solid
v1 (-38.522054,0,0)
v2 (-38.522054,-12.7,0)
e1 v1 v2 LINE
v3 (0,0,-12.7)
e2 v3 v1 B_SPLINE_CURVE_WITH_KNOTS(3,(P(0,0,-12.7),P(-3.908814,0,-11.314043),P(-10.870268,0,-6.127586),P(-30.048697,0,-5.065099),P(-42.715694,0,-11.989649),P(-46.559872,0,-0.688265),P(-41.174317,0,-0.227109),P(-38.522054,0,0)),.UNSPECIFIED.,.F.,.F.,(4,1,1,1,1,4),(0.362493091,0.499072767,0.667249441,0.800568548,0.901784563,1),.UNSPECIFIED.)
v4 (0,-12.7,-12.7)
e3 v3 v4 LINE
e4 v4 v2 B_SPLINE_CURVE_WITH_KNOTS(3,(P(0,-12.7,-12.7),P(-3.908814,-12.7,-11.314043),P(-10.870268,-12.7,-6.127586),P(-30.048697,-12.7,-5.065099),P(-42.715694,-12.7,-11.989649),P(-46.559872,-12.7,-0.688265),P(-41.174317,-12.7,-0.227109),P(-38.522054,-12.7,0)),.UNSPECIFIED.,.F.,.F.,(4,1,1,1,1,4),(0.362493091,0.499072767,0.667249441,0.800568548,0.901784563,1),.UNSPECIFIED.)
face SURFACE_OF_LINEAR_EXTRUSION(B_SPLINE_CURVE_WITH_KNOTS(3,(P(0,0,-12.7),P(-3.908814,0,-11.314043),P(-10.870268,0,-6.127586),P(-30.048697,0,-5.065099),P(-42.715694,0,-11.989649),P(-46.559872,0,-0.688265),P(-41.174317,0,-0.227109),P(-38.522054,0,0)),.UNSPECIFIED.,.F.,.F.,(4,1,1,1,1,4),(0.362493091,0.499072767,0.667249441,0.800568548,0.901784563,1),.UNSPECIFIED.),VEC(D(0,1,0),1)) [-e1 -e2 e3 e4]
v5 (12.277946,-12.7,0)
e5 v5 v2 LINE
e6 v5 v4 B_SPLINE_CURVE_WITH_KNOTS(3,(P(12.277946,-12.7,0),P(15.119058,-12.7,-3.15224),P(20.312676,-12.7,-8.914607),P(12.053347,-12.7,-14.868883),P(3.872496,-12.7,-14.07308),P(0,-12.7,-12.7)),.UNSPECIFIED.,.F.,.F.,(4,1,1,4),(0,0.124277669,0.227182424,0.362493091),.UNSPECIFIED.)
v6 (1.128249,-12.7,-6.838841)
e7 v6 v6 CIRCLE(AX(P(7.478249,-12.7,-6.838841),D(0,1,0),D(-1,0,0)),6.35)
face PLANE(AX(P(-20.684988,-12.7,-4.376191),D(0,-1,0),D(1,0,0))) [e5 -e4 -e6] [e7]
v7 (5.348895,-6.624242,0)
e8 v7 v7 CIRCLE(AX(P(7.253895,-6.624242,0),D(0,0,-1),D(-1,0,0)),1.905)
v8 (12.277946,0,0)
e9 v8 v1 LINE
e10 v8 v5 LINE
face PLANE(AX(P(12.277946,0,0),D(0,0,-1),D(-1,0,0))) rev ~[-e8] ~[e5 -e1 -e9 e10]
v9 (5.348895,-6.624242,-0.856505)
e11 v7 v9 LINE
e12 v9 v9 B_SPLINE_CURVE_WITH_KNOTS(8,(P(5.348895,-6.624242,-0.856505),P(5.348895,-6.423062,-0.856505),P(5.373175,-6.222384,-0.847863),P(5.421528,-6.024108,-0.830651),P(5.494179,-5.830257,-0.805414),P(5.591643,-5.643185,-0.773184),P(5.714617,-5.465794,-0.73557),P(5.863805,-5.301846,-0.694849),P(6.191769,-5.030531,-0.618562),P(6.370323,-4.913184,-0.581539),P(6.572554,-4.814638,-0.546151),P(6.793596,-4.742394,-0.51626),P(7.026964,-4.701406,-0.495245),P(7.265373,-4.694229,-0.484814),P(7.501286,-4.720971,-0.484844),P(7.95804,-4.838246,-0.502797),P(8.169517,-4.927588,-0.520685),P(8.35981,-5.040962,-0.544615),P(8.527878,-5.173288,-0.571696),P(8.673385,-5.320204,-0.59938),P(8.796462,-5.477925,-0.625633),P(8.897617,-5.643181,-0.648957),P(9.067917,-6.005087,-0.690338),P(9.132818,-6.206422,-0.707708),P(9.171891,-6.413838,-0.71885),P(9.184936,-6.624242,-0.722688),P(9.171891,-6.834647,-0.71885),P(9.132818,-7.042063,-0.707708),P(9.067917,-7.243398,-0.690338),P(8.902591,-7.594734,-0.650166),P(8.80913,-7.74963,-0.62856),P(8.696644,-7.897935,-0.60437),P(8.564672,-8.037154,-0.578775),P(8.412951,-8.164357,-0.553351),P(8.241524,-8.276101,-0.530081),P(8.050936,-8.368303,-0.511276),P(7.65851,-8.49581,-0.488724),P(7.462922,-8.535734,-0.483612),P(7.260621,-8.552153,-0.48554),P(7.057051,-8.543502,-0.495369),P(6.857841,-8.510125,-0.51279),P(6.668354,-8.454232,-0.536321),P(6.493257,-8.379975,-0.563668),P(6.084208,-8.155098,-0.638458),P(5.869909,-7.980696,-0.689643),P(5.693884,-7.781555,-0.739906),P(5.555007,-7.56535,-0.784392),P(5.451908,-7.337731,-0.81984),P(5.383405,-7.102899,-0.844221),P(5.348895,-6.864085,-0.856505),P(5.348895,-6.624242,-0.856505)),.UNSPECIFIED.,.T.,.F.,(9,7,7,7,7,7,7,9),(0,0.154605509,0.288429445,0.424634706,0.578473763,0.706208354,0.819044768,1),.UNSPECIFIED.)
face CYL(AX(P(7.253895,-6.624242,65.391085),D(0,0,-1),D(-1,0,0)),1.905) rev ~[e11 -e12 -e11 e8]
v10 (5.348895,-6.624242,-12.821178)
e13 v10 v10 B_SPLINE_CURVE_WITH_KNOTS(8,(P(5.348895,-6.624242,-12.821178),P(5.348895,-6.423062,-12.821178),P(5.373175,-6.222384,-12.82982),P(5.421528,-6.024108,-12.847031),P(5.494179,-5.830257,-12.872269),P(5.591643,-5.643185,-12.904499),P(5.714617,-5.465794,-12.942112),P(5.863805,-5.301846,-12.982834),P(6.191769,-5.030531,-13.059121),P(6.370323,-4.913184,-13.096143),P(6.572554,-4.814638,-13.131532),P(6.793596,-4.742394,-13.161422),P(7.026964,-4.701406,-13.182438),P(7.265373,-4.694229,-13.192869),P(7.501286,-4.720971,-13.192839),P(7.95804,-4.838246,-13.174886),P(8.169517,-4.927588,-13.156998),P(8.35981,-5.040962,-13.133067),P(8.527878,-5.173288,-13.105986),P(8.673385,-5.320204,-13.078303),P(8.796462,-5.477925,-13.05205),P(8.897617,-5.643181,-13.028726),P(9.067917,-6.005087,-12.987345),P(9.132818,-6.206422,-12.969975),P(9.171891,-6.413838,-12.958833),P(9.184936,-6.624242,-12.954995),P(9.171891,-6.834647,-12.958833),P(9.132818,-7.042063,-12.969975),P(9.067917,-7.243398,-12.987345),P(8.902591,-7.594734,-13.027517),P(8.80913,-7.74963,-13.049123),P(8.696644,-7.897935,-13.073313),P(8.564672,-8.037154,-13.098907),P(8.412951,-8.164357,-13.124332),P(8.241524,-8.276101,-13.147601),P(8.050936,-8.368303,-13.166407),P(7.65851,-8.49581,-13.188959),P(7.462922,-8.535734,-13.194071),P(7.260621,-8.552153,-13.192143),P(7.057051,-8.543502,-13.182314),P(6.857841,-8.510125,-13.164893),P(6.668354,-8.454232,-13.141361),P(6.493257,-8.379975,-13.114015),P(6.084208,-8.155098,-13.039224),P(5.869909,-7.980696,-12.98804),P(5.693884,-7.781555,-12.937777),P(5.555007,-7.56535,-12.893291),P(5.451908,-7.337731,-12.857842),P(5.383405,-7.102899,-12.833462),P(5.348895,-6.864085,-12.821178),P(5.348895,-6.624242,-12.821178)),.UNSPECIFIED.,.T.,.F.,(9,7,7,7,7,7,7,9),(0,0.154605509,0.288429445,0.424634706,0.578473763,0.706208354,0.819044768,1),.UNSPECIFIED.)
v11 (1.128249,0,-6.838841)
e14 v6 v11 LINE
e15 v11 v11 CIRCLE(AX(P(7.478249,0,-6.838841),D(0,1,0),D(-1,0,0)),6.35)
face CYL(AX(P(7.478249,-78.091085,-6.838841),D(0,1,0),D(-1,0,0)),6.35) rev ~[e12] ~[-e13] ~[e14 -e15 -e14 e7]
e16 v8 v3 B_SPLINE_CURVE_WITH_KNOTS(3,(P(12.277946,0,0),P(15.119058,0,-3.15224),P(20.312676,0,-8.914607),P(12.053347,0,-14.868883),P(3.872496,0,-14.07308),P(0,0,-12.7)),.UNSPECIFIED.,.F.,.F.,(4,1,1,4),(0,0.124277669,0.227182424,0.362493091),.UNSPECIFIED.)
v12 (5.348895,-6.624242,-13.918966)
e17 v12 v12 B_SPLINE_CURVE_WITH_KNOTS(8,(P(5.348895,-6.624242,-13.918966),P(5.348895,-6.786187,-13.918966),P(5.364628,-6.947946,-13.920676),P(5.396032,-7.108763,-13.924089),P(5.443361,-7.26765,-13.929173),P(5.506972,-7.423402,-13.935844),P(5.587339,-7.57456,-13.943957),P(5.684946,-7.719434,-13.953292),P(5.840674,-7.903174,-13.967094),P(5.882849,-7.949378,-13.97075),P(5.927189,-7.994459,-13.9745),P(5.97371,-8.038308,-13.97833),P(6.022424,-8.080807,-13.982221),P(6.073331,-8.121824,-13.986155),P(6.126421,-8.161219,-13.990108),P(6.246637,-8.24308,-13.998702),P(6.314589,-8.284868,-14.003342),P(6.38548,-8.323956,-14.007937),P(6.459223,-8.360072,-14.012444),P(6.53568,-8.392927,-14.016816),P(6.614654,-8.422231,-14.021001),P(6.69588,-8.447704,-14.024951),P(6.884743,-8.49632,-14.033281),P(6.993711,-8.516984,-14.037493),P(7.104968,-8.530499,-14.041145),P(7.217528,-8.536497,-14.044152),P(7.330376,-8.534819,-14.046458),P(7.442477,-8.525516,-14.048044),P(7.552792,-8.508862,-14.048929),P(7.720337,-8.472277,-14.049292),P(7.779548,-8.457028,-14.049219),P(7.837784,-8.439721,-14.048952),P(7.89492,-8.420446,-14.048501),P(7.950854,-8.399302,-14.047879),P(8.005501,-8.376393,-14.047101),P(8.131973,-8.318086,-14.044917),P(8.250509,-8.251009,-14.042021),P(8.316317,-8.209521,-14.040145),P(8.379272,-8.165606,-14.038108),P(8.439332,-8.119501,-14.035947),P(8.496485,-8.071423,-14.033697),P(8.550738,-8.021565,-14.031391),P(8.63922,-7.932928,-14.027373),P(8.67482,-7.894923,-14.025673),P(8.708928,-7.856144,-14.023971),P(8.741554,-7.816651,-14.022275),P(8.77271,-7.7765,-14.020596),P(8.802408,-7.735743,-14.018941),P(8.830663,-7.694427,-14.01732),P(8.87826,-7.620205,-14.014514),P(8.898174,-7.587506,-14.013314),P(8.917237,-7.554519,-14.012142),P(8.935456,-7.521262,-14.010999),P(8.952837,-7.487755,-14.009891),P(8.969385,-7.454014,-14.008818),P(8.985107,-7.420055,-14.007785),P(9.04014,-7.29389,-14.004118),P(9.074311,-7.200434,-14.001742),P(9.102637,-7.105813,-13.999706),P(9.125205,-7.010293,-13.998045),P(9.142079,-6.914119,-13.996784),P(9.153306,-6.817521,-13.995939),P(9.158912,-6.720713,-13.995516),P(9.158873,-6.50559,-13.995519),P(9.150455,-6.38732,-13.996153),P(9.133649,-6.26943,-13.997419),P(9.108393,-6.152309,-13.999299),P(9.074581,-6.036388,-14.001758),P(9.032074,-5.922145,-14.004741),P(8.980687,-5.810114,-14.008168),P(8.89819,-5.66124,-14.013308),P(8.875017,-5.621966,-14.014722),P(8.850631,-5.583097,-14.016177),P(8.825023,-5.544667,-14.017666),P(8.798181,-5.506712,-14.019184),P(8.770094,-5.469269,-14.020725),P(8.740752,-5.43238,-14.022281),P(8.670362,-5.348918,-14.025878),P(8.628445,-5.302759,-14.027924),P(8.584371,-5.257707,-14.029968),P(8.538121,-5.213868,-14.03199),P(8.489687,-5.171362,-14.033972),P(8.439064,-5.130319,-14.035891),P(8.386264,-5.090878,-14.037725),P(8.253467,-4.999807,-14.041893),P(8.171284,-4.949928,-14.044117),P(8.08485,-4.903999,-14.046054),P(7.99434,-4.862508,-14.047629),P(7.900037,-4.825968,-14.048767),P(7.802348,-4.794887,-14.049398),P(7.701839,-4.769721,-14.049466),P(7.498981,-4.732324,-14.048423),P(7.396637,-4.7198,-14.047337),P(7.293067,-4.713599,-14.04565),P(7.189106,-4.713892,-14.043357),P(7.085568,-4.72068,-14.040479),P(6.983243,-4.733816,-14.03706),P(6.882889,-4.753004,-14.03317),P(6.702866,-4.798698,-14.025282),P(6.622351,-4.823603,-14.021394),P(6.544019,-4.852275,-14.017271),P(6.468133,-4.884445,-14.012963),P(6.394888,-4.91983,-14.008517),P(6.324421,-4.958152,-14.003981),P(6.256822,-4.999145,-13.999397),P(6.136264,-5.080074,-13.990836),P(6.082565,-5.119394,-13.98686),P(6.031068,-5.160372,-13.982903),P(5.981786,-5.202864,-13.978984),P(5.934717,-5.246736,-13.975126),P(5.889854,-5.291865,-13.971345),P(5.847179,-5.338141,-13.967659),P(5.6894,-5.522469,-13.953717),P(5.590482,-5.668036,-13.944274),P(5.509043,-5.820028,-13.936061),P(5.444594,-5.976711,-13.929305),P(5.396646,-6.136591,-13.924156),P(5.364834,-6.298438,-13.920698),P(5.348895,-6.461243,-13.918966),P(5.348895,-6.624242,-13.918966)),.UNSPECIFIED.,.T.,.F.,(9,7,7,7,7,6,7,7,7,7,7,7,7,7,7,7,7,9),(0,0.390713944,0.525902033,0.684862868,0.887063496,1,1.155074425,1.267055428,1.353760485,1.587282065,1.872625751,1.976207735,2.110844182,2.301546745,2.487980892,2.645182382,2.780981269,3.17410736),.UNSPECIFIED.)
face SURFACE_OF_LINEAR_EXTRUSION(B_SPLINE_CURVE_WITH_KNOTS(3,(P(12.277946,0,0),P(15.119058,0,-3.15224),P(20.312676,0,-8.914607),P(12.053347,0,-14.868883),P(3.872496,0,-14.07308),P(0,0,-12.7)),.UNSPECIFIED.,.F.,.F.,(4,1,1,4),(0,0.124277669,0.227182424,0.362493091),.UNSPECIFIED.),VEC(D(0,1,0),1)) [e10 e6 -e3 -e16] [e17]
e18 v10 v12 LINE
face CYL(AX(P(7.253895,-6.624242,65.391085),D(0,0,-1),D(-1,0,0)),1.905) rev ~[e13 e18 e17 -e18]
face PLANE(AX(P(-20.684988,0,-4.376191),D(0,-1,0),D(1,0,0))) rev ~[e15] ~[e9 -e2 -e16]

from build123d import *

# Parameters (mm, degrees)
F1_DEPTH = 12.7
F4_D     = 12.7
F6_D     = 3.81


with BuildPart() as f1:
    # F0 (on Front) → F1 (new body)
    with BuildSketch(Plane.XZ):
        with BuildLine():
            Line((0, 0), (-38.522054287, 0))
            add(Edge.make_bspline(
                [(0, -12.7), (-3.9088144662, -11.3140427663), (-10.8702680045, -6.1275864471), (-30.0486968361, -5.0650993176), (-42.7156940671, -11.9896491532), (-46.5598724522, -0.6882650666), (-41.1743172689, -0.2271088896), (-38.522054287, 0)],
                knots=[0.3624930909, 0.3624930909, 0.3624930909, 0.3624930909, 0.4990727666, 0.6672494415, 0.8005685476, 0.9017845625, 1, 1, 1, 1], degree=3))
            Line((0, -12.7), (0, 0))
        make_face()
        with BuildLine():
            Line((12.277945713, 0), (0, 0))
            Line((0, 0), (0, -12.7))
            add(Edge.make_bspline(
                [(12.277945713, 0), (15.1190577628, -3.1522399748), (20.3126756495, -8.914606833), (12.0533470864, -14.8688832145), (3.87249632, -14.073079826), (0, -12.7)],
                knots=[0, 0, 0, 0, 0.1242776686, 0.2271824241, 0.3624930909, 0.3624930909, 0.3624930909, 0.3624930909], degree=3))
        make_face()
    extrude(amount=F1_DEPTH)

    # F4 (through all)
    with Locations(Plane.XZ.offset(12.7)):
        with Locations((7.4782487936, -6.8388413638)):
            Hole(F4_D / 2)

    # F6 (through all)
    with Locations(Plane.XY):
        with Locations((7.2538945824, -6.6242422909)):
            Hole(F6_D / 2)


solid = f1.part
